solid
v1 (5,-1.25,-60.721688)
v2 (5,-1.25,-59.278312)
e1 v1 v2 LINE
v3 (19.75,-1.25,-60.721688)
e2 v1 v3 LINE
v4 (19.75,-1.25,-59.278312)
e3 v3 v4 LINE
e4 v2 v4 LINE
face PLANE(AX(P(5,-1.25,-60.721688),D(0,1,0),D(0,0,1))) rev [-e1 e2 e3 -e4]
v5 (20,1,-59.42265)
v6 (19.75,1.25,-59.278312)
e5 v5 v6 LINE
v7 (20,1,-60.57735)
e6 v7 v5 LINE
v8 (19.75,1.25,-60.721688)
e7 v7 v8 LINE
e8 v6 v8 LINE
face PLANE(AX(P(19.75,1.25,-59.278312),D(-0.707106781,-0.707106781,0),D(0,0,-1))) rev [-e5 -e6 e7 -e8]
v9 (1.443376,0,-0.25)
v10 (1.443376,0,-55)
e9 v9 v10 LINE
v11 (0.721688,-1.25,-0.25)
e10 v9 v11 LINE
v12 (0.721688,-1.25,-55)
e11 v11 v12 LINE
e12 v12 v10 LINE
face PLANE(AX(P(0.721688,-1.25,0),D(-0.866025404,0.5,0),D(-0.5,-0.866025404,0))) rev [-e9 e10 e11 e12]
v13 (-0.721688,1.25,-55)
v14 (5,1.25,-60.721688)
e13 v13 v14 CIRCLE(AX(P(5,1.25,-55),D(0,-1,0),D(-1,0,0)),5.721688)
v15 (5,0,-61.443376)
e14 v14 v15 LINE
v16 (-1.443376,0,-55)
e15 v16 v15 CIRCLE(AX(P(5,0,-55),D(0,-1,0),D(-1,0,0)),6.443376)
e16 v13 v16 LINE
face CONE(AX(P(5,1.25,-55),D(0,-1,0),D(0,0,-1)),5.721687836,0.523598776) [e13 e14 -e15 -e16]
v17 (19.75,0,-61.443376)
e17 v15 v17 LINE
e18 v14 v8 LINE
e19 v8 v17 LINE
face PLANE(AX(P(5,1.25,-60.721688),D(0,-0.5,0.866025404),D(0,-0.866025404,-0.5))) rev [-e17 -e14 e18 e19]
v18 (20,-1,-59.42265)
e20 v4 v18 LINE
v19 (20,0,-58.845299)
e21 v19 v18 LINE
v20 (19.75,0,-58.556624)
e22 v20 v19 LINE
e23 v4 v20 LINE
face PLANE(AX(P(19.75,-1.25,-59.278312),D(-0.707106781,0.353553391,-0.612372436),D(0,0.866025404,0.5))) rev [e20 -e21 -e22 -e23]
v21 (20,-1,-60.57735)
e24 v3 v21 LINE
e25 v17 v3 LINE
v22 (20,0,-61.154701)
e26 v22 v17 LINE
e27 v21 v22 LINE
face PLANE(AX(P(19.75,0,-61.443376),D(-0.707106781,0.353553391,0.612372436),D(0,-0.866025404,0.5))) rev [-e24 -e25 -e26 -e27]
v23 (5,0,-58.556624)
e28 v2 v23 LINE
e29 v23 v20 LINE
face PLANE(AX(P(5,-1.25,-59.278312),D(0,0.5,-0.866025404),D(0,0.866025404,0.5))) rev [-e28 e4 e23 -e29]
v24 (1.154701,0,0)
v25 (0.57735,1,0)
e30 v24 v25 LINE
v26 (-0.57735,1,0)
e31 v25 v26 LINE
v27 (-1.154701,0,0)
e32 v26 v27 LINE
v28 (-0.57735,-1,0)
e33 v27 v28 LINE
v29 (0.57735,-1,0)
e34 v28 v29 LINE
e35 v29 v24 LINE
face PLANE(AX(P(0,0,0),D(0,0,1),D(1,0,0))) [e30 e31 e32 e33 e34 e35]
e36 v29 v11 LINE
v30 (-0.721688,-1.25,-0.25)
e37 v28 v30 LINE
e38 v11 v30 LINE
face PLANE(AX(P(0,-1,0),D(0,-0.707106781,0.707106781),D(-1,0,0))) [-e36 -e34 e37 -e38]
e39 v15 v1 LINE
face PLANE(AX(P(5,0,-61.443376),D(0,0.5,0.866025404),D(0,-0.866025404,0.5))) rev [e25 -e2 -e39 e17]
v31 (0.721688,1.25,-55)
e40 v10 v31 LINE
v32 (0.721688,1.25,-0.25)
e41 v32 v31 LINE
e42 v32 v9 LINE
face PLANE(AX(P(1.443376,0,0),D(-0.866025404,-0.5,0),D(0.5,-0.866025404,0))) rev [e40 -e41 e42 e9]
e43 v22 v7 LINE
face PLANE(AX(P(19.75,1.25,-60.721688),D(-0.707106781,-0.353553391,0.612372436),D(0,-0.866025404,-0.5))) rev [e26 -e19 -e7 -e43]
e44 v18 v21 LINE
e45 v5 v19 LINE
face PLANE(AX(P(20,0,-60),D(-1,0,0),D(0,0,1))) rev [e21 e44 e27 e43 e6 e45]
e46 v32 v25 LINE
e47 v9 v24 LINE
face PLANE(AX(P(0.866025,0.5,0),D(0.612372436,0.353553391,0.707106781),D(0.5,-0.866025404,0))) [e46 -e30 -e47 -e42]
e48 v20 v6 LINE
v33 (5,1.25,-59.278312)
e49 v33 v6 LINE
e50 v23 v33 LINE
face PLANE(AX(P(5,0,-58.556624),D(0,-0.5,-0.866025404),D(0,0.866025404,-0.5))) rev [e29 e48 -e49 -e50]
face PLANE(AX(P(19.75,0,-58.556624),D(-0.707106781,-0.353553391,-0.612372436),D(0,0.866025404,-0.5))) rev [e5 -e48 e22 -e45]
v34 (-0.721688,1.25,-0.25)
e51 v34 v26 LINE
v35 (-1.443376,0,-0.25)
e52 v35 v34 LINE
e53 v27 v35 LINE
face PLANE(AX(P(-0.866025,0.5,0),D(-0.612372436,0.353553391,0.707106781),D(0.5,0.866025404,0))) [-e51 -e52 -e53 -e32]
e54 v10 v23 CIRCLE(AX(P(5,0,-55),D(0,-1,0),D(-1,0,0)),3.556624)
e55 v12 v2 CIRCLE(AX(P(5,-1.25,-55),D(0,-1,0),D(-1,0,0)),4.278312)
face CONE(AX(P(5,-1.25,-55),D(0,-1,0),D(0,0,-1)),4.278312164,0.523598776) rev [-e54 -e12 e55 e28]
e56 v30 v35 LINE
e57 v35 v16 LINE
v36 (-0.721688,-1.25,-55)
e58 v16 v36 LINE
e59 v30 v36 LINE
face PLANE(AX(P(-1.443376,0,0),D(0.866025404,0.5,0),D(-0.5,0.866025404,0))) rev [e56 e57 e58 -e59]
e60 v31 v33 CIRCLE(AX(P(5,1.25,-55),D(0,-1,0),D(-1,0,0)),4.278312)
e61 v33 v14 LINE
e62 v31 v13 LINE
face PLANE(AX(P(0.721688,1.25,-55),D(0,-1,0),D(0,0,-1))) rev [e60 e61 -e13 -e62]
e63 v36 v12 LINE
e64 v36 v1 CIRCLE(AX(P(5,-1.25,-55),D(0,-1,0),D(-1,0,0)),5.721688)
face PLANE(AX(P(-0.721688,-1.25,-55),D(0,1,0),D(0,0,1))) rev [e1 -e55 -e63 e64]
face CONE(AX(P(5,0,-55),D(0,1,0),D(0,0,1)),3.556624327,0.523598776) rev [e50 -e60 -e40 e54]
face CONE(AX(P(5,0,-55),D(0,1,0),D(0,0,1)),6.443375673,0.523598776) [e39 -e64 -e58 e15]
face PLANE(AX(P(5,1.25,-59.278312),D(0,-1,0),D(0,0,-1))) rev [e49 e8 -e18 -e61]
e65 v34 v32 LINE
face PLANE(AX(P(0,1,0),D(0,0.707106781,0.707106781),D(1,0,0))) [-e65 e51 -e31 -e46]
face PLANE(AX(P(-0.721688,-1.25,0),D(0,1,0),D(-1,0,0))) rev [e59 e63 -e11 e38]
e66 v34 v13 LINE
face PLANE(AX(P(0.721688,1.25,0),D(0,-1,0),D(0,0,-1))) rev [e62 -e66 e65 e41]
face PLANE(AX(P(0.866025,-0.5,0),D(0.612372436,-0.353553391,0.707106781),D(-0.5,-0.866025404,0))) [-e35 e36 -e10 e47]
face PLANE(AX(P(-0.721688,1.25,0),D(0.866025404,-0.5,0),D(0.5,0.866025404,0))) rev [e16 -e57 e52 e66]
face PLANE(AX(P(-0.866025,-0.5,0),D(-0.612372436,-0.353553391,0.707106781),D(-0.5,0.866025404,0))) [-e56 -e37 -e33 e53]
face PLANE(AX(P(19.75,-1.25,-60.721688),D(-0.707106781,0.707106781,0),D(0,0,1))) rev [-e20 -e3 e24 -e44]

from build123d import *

# Parameters (mm, degrees)
CHAMFER1_SIZE = 0.25
CHAMFER2_SIZE = 0.25


with BuildPart() as part:
    # Sweep1: sweep along a path in Sketch2
    with BuildLine(Plane(origin=(0, 0, 0), x_dir=(1, 0, 0), z_dir=(0, 1, 0))) as sweep1_path:
        Line((0, 0), (0, 55))
        ThreePointArc((0, 55), (1.464466094, 58.535533906), (5, 60))
        Line((5, 60), (20, 60))
    # Sketch1 → Sweep1 (sweep)
    with BuildSketch(Plane.XY):
        Polygon((0.721687836, 1.25), (-0.721687836, 1.25), (-1.443375673, 0), (-0.721687836, -1.25), (0.721687836, -1.25), (1.443375673, 0), align=None)
    sweep(path=sweep1_path.line)

    # Chamfer1
    chamfer1_edges = [part.edges().sort_by_distance(p)[0] for p in [
        (20, -1.25, -60),
        (20, -0.625, -58.917468245),
        (20, 0.625, -58.917468245),
        (20, 1.25, -60),
        (20, 0.625, -61.082531755),
        (20, -0.625, -61.082531755),
    ]]
    chamfer(chamfer1_edges, length=CHAMFER1_SIZE)

    # Chamfer2
    chamfer2_edges = [part.edges().sort_by_distance(p)[0] for p in [
        (0, 1.25, 0),
        (-1.082531755, 0.625, 0),
        (-1.082531755, -0.625, 0),
        (0, -1.25, 0),
        (1.082531755, -0.625, 0),
        (1.082531755, 0.625, 0),
    ]]
    chamfer(chamfer2_edges, length=CHAMFER2_SIZE)


solid = part.part
